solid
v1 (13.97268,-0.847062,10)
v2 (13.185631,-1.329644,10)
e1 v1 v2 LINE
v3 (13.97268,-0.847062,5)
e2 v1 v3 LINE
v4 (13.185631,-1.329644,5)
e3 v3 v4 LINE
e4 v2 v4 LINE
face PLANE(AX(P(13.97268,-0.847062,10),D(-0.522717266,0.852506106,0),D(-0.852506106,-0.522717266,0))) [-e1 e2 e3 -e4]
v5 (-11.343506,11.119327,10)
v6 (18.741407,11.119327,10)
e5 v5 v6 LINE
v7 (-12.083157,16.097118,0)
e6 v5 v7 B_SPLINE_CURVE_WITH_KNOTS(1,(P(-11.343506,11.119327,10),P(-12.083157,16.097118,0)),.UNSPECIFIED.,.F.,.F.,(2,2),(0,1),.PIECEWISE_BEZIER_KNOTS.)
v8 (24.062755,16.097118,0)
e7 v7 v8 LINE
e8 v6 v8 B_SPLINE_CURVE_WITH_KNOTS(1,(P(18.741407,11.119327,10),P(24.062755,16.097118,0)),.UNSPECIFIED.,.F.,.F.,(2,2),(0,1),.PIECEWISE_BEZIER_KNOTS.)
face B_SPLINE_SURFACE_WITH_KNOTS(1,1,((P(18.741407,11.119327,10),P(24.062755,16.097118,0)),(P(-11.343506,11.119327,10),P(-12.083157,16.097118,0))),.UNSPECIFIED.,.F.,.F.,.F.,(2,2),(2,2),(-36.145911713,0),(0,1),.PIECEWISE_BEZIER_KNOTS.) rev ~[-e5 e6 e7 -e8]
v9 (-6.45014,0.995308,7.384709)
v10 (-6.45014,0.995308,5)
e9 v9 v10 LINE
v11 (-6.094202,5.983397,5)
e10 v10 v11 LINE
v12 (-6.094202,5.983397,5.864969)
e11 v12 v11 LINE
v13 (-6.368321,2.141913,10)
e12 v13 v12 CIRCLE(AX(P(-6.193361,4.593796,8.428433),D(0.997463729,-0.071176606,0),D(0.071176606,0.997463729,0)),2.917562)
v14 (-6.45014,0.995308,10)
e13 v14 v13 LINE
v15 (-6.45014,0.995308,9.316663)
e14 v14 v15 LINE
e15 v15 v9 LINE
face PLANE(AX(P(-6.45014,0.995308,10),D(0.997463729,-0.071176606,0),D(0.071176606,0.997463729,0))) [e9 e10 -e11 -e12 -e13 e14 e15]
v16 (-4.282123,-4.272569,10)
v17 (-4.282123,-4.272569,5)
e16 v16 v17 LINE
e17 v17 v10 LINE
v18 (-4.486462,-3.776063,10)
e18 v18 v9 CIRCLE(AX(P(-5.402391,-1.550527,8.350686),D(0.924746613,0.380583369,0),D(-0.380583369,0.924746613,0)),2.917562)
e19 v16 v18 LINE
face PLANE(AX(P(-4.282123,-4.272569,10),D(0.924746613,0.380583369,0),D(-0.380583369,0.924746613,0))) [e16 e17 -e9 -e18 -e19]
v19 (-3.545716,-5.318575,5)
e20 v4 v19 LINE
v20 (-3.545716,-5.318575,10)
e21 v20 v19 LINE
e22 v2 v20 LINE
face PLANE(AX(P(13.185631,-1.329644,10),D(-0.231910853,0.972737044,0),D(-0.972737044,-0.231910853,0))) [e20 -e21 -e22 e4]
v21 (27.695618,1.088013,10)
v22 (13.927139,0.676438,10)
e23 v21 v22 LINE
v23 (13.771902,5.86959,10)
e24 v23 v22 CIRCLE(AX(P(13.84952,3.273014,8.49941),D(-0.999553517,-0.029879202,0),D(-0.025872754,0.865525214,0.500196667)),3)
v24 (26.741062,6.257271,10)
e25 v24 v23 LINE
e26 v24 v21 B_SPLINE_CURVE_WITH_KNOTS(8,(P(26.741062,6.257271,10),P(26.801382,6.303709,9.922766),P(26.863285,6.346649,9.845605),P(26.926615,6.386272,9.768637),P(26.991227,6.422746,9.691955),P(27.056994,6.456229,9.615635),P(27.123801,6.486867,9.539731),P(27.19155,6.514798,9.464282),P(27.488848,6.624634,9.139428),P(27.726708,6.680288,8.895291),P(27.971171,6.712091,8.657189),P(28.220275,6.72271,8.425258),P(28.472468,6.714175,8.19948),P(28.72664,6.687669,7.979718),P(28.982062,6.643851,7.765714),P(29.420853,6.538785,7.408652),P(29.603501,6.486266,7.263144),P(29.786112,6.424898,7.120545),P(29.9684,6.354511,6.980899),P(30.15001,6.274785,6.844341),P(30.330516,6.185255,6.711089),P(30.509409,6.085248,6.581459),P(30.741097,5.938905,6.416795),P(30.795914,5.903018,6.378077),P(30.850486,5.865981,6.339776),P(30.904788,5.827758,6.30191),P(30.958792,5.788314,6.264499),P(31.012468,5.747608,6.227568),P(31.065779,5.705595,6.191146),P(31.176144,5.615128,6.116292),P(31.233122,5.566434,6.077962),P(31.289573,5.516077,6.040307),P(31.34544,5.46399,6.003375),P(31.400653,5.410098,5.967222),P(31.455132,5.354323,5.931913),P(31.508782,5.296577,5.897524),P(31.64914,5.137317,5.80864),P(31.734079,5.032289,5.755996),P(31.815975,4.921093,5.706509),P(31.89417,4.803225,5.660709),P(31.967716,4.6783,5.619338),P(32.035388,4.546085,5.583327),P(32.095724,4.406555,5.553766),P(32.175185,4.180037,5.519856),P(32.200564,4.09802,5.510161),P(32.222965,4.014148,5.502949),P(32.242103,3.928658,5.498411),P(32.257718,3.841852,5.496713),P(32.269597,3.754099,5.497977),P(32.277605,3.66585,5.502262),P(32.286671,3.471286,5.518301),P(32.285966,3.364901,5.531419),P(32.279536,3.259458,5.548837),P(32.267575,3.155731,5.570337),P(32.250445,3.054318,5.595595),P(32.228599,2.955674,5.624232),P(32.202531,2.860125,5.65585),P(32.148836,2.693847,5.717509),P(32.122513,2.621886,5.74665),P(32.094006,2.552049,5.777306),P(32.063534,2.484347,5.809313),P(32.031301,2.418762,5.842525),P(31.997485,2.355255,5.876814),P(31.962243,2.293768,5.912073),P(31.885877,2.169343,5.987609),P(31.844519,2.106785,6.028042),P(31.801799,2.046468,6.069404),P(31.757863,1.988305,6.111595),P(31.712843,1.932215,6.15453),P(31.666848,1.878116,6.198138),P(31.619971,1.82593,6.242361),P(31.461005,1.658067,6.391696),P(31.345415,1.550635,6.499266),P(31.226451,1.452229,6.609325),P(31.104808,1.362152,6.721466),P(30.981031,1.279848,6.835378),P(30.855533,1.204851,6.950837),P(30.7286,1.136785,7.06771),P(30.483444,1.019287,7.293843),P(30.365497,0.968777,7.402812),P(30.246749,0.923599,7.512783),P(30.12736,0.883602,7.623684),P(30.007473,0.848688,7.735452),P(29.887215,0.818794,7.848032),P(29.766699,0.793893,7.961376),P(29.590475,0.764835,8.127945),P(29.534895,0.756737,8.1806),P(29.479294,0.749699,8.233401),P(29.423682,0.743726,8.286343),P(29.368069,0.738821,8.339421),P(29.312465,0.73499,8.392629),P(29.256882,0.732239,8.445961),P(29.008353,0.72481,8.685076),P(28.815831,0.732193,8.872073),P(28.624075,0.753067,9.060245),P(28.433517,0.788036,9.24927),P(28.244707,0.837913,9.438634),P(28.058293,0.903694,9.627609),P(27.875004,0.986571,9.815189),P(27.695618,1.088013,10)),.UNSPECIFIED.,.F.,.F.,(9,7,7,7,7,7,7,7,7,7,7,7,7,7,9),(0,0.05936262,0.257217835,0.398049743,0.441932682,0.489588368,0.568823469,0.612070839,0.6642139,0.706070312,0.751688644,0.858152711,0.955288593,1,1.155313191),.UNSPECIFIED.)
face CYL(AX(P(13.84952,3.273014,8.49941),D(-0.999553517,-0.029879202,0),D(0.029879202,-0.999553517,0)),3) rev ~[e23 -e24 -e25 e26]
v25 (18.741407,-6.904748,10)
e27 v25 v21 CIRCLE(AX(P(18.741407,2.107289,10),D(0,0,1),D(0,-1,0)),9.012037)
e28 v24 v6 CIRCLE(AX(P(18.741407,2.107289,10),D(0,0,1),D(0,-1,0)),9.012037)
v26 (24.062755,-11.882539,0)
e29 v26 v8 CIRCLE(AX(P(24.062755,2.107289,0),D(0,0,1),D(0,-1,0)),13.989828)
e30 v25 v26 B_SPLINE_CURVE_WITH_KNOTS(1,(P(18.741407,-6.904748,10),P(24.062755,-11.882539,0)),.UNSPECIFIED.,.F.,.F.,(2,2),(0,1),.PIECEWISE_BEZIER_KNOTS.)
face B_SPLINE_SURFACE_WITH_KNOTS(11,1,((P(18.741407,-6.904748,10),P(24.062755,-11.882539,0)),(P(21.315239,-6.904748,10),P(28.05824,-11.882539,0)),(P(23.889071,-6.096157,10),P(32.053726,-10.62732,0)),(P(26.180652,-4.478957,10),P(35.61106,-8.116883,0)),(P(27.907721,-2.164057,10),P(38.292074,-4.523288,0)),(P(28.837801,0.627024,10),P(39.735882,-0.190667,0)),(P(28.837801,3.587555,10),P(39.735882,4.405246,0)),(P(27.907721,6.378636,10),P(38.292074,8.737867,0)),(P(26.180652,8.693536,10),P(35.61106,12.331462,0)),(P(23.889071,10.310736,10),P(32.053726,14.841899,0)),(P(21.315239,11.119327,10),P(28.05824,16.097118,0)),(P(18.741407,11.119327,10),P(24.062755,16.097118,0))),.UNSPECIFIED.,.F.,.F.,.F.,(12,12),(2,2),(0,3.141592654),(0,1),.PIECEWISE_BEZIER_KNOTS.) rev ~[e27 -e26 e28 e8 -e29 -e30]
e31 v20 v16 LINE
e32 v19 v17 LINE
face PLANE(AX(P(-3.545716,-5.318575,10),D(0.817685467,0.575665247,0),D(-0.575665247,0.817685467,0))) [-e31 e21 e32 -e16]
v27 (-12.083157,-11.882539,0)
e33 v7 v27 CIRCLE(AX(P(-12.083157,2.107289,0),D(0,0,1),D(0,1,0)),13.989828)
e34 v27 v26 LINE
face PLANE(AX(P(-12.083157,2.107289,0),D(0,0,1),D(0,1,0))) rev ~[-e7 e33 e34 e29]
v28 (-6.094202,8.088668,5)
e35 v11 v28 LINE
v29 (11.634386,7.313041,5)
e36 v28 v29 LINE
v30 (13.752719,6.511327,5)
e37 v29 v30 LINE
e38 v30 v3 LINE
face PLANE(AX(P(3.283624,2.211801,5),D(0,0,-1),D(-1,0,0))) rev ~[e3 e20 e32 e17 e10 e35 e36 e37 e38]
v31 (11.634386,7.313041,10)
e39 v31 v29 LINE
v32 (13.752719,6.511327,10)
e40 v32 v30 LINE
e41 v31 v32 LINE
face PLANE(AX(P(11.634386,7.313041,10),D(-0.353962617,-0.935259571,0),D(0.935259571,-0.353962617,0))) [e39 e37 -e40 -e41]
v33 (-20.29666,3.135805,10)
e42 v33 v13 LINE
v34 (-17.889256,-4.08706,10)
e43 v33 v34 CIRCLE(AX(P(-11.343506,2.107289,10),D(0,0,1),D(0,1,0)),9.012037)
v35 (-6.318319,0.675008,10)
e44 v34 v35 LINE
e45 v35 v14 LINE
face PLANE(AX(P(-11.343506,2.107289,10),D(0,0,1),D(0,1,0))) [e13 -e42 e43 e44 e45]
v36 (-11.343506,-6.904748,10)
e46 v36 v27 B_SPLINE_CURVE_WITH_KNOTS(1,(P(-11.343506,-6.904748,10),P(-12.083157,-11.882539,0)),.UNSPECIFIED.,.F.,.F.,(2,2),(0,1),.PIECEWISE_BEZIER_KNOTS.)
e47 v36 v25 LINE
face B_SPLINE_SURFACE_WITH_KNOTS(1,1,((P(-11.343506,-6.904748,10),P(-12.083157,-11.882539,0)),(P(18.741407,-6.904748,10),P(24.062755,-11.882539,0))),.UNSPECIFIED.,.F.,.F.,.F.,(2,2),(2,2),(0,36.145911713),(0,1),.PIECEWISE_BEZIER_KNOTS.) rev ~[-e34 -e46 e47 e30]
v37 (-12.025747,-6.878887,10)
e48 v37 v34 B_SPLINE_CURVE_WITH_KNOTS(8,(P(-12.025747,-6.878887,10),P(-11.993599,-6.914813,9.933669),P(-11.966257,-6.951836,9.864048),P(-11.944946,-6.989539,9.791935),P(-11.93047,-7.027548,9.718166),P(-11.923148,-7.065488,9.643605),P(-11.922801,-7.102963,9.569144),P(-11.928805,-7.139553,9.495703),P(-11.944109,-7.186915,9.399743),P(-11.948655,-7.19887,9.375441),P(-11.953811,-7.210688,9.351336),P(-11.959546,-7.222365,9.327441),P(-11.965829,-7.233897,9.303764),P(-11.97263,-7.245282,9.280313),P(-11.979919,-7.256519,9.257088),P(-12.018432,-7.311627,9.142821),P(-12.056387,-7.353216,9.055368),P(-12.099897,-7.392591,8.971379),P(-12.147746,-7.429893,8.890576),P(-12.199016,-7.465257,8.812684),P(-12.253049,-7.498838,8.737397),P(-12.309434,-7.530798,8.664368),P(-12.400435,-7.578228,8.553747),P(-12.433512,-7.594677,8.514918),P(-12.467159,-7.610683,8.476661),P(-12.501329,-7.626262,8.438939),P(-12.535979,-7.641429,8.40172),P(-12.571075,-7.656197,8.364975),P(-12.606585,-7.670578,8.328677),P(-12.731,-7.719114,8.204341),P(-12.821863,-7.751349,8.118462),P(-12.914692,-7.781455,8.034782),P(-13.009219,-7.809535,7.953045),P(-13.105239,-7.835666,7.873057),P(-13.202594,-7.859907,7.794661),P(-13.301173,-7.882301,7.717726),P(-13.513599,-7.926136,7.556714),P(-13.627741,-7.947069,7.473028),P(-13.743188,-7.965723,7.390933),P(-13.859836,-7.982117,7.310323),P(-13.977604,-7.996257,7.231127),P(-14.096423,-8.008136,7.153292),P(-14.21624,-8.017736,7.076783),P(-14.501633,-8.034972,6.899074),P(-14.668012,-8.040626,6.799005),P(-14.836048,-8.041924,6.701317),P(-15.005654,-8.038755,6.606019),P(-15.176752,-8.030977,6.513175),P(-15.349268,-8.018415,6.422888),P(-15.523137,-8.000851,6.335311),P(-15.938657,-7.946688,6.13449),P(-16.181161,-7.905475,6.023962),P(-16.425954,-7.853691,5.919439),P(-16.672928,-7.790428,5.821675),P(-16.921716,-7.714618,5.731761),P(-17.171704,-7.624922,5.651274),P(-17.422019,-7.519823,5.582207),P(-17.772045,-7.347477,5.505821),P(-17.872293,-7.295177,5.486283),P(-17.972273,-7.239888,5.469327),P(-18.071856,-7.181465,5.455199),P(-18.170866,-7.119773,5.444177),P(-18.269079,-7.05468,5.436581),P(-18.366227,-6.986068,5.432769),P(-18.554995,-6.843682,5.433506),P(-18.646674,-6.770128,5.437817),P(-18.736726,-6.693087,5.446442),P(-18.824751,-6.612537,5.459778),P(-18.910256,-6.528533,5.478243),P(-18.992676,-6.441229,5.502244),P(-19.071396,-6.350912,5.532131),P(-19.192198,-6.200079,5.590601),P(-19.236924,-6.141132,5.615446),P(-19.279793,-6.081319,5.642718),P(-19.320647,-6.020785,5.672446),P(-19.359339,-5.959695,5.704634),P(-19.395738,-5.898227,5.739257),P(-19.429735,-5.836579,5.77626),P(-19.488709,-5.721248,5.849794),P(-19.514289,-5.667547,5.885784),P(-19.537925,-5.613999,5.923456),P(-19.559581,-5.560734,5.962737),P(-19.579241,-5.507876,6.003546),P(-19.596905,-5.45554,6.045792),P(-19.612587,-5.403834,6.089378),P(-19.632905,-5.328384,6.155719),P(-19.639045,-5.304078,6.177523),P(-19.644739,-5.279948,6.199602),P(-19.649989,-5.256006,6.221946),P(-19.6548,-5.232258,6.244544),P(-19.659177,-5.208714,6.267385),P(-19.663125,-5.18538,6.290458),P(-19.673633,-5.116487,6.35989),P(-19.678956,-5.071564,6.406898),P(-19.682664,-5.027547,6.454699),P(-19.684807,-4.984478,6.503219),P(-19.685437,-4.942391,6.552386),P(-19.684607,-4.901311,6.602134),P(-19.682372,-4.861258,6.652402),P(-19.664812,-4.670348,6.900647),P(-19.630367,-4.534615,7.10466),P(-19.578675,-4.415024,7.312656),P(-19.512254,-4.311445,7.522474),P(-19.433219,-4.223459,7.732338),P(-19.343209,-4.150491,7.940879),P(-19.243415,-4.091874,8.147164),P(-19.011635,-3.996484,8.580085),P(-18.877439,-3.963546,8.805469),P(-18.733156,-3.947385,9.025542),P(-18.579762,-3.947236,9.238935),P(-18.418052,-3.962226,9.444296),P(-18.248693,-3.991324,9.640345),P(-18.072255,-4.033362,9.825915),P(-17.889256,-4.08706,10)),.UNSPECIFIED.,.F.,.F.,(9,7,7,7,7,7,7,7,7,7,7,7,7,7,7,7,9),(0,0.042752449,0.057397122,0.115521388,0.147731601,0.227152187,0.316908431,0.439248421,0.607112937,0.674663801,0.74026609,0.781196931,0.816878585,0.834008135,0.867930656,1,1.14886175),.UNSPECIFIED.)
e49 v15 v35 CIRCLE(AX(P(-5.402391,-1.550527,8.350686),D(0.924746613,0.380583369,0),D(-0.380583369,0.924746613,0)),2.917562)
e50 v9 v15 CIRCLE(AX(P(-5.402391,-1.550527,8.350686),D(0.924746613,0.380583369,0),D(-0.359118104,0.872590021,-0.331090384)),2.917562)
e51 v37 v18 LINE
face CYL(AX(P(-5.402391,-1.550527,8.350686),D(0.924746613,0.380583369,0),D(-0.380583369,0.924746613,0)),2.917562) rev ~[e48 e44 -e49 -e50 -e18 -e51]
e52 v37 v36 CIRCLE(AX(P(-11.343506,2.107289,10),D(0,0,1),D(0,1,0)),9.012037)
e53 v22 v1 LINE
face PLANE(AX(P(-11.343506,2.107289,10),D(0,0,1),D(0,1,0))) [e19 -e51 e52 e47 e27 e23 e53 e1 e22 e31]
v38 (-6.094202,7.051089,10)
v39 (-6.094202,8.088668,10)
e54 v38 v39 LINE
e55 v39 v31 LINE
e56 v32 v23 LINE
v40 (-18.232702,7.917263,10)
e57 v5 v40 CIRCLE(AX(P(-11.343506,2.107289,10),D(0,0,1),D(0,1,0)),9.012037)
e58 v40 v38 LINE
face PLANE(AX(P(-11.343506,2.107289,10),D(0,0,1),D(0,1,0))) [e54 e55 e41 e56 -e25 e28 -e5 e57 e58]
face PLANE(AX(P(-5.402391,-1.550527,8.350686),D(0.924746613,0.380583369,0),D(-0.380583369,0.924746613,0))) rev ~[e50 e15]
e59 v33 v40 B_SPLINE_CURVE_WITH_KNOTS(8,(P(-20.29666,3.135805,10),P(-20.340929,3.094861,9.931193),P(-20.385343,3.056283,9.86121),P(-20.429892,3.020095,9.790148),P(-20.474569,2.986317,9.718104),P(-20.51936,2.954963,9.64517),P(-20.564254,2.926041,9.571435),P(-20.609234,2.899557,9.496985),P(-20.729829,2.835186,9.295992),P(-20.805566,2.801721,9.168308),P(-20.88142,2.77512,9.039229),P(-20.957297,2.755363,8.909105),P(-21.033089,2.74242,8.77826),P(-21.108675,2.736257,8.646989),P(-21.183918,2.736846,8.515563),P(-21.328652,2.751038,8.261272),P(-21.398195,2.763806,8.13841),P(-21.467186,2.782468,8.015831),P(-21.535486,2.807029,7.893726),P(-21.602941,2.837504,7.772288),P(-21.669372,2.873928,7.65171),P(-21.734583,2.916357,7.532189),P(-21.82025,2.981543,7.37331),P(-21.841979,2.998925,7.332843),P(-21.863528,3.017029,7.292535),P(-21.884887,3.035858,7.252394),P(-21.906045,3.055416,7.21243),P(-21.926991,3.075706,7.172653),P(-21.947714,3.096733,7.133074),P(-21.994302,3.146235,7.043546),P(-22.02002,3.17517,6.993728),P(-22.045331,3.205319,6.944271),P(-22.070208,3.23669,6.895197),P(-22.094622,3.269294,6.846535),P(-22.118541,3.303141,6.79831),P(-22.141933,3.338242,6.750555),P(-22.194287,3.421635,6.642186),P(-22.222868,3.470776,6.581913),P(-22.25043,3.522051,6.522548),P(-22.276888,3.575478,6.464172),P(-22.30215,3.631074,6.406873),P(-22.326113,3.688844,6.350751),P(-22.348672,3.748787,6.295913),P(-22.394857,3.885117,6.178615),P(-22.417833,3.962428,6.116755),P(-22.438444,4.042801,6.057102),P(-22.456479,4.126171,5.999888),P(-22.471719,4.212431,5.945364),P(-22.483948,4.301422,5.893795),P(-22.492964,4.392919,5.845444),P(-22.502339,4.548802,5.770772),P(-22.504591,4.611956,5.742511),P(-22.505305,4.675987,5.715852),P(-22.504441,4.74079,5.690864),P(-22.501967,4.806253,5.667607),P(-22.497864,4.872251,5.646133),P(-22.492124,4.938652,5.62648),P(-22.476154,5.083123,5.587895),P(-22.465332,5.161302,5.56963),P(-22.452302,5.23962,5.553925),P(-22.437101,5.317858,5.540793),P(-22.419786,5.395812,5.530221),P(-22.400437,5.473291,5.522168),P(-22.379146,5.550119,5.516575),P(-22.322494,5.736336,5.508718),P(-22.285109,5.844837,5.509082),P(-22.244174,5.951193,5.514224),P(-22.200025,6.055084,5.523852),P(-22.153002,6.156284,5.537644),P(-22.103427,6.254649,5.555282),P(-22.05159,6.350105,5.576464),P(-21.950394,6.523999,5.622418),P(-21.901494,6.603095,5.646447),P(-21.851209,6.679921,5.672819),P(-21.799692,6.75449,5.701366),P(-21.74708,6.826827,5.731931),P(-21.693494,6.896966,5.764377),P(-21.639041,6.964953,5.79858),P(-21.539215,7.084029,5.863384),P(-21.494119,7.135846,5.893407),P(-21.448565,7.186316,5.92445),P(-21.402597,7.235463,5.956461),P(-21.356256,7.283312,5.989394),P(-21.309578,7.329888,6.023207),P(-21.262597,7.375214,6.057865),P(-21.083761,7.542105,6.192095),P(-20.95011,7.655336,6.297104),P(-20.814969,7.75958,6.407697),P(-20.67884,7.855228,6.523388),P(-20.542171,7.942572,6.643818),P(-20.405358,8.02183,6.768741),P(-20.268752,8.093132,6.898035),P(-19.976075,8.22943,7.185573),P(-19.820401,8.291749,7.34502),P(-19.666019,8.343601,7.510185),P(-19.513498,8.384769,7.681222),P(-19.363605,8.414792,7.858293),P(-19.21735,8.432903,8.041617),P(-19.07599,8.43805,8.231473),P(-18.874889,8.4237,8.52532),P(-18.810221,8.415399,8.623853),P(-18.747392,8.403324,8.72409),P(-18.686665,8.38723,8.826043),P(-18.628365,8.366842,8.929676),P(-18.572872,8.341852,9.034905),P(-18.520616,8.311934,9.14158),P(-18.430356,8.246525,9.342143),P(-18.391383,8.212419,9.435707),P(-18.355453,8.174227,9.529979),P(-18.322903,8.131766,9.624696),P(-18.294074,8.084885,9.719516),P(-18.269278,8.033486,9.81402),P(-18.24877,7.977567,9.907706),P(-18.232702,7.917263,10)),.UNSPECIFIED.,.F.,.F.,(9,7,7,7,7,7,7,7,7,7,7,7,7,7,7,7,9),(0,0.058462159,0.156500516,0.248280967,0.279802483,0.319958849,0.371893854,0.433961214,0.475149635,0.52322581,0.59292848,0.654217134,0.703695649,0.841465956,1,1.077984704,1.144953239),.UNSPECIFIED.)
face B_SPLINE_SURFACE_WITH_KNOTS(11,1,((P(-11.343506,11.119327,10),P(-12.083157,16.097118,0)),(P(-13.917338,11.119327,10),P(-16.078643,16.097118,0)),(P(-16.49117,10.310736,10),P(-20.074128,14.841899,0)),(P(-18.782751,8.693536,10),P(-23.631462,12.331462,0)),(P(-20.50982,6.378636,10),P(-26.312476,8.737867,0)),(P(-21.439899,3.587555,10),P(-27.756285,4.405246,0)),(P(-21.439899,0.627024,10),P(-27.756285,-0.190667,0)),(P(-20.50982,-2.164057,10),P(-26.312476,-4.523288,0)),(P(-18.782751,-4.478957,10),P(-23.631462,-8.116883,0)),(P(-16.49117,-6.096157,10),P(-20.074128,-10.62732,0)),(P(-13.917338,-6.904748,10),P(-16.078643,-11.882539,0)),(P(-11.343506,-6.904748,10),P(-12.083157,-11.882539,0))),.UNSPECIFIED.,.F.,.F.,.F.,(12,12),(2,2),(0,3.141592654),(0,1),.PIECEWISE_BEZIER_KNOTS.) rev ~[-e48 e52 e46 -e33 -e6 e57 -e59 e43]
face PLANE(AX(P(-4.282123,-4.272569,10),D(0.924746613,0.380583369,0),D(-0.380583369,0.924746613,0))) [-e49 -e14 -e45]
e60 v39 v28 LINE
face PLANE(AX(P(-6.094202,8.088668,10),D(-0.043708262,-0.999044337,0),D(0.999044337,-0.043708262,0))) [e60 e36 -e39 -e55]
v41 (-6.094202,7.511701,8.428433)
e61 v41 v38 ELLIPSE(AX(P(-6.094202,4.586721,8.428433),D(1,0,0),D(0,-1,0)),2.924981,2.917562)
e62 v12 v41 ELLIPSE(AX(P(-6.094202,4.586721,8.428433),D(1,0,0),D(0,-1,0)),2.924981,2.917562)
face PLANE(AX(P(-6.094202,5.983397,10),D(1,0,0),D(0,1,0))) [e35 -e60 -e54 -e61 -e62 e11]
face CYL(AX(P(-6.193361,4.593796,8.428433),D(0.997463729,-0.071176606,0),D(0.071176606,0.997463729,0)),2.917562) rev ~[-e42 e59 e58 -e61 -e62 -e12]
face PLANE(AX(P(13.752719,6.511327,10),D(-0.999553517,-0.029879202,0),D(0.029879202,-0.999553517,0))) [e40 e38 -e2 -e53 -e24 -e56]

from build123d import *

# Parameters (mm, degrees)
POCKET_DEPTH    = 5
SKETCH005_R     = 2.917562
POCKET001_DEPTH = 20.6489723154
SKETCH006_R     = 2.917562
POCKET002_DEPTH = 23.0482544438
SKETCH007_R     = 3
POCKET003_DEPTH = 24.5764305412


with BuildPart() as part:
    # Sketch002 → Loft section 0
    with BuildSketch(Plane.XY.offset(10)):
        with BuildLine():
            ThreePointArc((-11.343506, 11.1193269091), (-20.3555434545, 2.1072894545), (-11.343506, -6.904748))
            Line((-11.343506, -6.904748), (18.7414073452, -6.904748))
            ThreePointArc((18.7414073452, -6.904748), (27.7534447997, 2.1072894545), (18.7414073452, 11.1193269091))
            Line((-11.343506, 11.1193269091), (18.7414073452, 11.1193269091))
        make_face()
    # Sketch003 → Loft section 1
    with BuildSketch(Plane.XY):
        with BuildLine():
            ThreePointArc((-12.0831570349, 16.0971179095), (-26.0729854896, 2.1072894547), (-12.0831570349, -11.882539))
            Line((-12.0831570349, -11.882539), (24.0627546777, -11.882539))
            ThreePointArc((24.0627546777, -11.882539), (38.0525831324, 2.1072894547), (24.0627546777, 16.0971179095))
            Line((-12.0831570349, 16.0971179095), (24.0627546777, 16.0971179095))
        make_face()
    loft()

    # Sketch001 → Pocket (cut)
    with BuildSketch(Plane.XY.offset(10)):
        Polygon((-6.094202, 5.983397), (-6.094202, 8.088668), (11.634386, 7.313041), (13.752719, 6.511327), (13.97268, -0.847062), (13.185631, -1.329644), (-3.545716, -5.318575), (-4.282123, -4.272569), (-6.45014, 0.995308), align=None)
    extrude(amount=-POCKET_DEPTH, mode=Mode.SUBTRACT)

    # Sketch005 → Pocket001 (cut, through all)
    with BuildSketch(Plane(origin=(-6.4881258553, 0.462977012, 0), x_dir=(0.0711766059, 0.9974637291, 0), z_dir=(0.9974637291, -0.0711766059, 0))):
        with Locations((4.141323, 8.428433)):
            Circle(SKETCH005_R)
    extrude(amount=-POCKET001_DEPTH, mode=Mode.SUBTRACT)

    # Sketch006 → Pocket002 (cut, through all)
    with BuildSketch(Plane(origin=(-5.1655859853, -2.1259187014, 0), x_dir=(-0.3805833694, 0.9247466134, 0), z_dir=(0.9247466134, 0.3805833694, 0))):
        with Locations((0.622215, 8.350686)):
            Circle(SKETCH006_R)
    extrude(amount=-POCKET002_DEPTH, mode=Mode.SUBTRACT)

    # Sketch007 → Pocket003 (cut, through all)
    with BuildSketch(Plane(origin=(13.9349074201, 0.4165498958, 0), x_dir=(0.029879202, -0.999553517, 0), z_dir=(-0.999553517, -0.029879202, 0))):
        with Locations((-2.85774, 8.49941)):
            Circle(SKETCH007_R)
    extrude(amount=-POCKET003_DEPTH, mode=Mode.SUBTRACT)


solid = part.part
